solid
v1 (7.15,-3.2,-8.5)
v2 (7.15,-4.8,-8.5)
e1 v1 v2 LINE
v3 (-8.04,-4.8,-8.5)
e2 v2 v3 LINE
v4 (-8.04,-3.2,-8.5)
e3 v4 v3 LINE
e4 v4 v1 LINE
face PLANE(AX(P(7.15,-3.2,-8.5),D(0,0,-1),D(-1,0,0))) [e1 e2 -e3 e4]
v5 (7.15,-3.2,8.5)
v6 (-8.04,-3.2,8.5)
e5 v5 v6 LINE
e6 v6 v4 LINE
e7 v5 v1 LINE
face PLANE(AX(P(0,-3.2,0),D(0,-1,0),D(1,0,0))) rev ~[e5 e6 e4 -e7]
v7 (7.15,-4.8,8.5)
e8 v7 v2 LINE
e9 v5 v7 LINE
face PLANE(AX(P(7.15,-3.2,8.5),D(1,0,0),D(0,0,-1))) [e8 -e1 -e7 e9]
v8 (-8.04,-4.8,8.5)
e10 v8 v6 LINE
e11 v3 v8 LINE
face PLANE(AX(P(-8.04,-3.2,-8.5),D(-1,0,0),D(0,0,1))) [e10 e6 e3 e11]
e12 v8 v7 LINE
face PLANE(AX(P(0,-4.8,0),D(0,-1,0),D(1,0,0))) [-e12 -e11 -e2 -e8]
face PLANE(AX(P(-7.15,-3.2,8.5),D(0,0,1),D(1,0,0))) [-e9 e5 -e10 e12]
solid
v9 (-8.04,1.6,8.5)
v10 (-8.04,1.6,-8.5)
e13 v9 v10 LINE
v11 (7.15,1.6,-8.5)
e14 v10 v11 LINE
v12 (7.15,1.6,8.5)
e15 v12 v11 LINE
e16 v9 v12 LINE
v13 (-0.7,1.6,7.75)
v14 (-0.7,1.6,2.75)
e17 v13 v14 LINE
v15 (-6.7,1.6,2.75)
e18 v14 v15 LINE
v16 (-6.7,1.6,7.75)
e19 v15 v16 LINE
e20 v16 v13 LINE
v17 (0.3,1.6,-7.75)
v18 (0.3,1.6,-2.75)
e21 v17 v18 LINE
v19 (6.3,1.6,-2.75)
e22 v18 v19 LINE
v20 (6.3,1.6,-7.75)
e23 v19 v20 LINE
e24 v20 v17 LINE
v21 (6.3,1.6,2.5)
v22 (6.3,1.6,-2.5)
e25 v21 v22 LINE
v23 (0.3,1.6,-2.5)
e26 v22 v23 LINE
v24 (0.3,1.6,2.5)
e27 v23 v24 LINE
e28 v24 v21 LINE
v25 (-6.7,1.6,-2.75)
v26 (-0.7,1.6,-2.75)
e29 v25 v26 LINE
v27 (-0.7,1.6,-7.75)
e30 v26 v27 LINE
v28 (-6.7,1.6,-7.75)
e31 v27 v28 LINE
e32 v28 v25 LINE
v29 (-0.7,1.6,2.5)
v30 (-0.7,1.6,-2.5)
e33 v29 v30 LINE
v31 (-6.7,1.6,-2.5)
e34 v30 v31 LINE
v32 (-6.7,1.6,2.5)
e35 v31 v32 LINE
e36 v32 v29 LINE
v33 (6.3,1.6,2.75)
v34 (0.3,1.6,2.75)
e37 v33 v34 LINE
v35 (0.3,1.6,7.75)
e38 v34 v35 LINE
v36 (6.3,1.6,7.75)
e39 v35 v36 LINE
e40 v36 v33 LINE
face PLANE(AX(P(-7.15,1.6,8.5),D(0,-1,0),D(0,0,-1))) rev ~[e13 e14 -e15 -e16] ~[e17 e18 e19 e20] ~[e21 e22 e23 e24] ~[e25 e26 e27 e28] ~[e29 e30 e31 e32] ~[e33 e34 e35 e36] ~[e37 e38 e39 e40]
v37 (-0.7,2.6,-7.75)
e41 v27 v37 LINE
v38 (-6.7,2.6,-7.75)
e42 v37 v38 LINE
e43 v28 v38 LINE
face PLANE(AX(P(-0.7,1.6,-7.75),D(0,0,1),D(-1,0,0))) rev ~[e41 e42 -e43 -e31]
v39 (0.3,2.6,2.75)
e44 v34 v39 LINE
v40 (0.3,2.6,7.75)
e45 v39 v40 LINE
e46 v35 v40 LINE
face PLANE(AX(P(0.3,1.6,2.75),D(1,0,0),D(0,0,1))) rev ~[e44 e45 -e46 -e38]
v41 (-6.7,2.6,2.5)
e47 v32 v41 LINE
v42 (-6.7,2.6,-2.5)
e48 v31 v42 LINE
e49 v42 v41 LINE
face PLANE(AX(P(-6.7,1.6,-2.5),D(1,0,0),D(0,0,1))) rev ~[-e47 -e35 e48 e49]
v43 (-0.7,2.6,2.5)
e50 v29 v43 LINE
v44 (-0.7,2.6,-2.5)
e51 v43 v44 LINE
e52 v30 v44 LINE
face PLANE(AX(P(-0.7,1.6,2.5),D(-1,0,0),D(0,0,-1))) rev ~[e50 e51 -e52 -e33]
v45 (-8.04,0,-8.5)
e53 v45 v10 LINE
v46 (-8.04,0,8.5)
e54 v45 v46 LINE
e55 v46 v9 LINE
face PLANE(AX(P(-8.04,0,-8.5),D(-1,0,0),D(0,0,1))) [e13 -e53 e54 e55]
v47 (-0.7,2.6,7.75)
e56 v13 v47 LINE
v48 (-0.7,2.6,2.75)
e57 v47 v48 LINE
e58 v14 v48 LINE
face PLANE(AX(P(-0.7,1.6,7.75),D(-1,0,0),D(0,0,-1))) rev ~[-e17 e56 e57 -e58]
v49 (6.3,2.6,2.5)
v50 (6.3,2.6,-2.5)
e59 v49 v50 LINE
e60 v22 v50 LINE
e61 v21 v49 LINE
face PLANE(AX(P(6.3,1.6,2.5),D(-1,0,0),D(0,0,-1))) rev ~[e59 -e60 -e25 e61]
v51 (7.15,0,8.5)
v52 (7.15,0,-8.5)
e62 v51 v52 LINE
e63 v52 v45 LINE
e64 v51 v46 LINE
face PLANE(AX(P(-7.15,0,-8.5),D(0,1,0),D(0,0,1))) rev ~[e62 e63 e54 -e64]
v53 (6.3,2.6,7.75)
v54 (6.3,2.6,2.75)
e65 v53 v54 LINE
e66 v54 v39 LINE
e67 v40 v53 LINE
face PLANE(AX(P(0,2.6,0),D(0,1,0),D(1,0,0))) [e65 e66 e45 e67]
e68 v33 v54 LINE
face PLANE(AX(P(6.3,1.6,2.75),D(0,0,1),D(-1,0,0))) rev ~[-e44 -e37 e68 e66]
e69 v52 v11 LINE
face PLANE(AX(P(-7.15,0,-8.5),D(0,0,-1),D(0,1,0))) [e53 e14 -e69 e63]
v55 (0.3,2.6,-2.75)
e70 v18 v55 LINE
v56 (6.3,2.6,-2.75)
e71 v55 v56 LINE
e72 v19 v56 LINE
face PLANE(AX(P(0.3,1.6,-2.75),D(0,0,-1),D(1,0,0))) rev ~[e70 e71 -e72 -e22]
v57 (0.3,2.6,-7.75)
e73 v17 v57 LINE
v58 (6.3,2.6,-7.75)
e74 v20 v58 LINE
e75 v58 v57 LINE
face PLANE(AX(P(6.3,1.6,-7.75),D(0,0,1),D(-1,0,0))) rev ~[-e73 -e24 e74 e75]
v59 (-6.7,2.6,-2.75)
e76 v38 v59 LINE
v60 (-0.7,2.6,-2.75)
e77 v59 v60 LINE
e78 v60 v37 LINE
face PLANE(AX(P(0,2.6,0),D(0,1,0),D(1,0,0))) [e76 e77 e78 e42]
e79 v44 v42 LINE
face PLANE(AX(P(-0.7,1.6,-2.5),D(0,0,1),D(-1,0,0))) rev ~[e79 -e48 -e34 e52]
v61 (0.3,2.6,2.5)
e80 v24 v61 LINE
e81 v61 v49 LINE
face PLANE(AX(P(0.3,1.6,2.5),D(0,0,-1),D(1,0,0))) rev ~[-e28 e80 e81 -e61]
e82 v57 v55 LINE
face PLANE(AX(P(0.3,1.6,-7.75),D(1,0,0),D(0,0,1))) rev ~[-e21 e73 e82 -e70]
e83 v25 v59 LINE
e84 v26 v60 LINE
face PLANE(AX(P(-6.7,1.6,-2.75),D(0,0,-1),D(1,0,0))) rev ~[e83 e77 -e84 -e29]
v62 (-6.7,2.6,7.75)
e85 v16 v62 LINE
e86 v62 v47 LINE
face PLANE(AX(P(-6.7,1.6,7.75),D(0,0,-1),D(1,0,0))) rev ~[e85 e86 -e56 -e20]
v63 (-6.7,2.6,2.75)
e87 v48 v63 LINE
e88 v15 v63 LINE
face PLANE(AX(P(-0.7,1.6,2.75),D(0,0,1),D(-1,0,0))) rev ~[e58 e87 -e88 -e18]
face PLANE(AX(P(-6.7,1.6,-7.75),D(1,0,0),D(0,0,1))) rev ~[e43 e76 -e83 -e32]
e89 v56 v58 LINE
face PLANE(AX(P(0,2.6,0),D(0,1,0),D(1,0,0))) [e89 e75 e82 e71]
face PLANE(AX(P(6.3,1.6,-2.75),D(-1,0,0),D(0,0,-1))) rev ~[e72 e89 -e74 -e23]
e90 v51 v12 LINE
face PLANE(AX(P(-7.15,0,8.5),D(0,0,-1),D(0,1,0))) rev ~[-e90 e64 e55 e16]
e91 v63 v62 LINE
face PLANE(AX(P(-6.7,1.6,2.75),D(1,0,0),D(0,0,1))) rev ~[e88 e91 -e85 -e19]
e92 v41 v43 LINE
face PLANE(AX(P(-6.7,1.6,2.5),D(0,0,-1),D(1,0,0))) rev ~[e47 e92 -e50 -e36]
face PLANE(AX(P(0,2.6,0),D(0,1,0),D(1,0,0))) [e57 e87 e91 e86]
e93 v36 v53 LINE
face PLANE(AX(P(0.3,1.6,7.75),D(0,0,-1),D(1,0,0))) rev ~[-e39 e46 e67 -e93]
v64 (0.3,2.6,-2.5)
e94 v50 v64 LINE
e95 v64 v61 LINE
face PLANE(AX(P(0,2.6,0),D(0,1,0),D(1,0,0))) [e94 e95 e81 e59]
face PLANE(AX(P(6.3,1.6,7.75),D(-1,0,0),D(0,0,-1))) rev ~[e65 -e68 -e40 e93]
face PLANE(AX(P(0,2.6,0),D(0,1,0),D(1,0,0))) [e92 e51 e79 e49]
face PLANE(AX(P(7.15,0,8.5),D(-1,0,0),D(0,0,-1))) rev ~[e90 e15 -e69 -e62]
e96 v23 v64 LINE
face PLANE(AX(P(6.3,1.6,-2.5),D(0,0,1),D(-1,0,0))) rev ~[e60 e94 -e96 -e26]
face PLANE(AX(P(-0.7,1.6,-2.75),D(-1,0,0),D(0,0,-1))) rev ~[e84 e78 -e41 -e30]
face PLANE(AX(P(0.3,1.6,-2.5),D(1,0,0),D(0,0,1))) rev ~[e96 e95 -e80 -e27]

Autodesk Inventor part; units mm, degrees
ref_plane "YZ Plane" through (0, 0, 0) normal (1, 0, 0) x (0, 1, 0)
ref_plane "XZ Plane" through (0, 0, 0) normal (0, 1, 0) x (-1, 0, 0)
ref_plane "XY Plane" through (0, 0, 0) normal (0, 0, 1) x (1, 0, 0)
sketch "Sketch1" plane through (0, 0, 0) normal (0, 1, 0) x (-1, 0, 0)
  line L0 (7.15, 8.5) -> (-7.15, 8.5)
  line L1 (-7.15, 8.5) -> (-7.15, -8.5)
  line L2 (-7.15, -8.5) -> (7.15, -8.5)
  line L3 (7.15, -8.5) -> (7.15, 8.5)
  point P0 (0, 0)
  dimension "d0" = 17
  dimension "d1" = 14.3
  dimension "d2" = 8.5
  dimension "d3" = 7.15
extrude "Extrusion1" add sketch "Sketch1" along normal blind 1.6
sketch "Sketch2" plane through (0, 1.6, 0) normal (0, 1, 0) x (1, 0, 0)
  line L0 (-6.7, -7.75) -> (-0.7, -7.75)
  line L1 (-0.7, -7.75) -> (-0.7, -2.75)
  line L2 (-0.7, -2.75) -> (-6.7, -2.75)
  line L3 (-6.7, -2.75) -> (-6.7, -7.75)
  line L4 (-6.7, -2.5) -> (-0.7, -2.5)
  line L5 (-0.7, -2.5) -> (-0.7, 2.5)
  line L6 (-0.7, 2.5) -> (-6.7, 2.5)
  line L7 (-6.7, 2.5) -> (-6.7, -2.5)
  line L8 (-6.7, 2.75) -> (-0.7, 2.75)
  line L9 (-0.7, 2.75) -> (-0.7, 7.75)
  line L10 (-0.7, 7.75) -> (-6.7, 7.75)
  line L11 (-6.7, 7.75) -> (-6.7, 2.75)
  line L12 (-7.15, -8.5) -> (7.15, -8.5) projected
  line L13 (0.3, -7.75) -> (6.3, -7.75)
  line L14 (6.3, -7.75) -> (6.3, -2.75)
  line L15 (6.3, -2.75) -> (0.3, -2.75)
  line L16 (0.3, -2.75) -> (0.3, -7.75)
  line L17 (0.3, -2.5) -> (6.3, -2.5)
  line L18 (6.3, -2.5) -> (6.3, 2.5)
  line L19 (6.3, 2.5) -> (0.3, 2.5)
  line L20 (0.3, 2.5) -> (0.3, -2.5)
  line L21 (0.3, 2.75) -> (6.3, 2.75)
  line L22 (6.3, 2.75) -> (6.3, 7.75)
  line L23 (6.3, 7.75) -> (0.3, 7.75)
  line L24 (0.3, 7.75) -> (0.3, 2.75)
  line L25 (-7.15, 8.5) -> (-7.15, -8.5) projected
  point P0 (0, 0)
  dimension "d6" = 5
  dimension "d7" = 6
  dimension "d8" = 5
  dimension "d9" = 5
  dimension "d10" = 0.25
  dimension "d11" = 0.25
  dimension "d12" = 0.75
  dimension "d13" = 5
  dimension "d14" = 5
  dimension "d15" = 5
  dimension "d16" = 6
  dimension "d17" = 6
  dimension "d18" = 6
  dimension "d19" = 0.25
  dimension "d20" = 0.25
  dimension "d21" = 1
  dimension "d22" = 0.45
extrude "Extrusion2" add sketch "Sketch2" along normal blind 1
ref_plane "Work Plane1" through (0, -3.2, 0) normal (0, -1, 0) x (1, 0, 0)
sketch "Sketch3" plane through (0, -3.2, 0) normal (0, -1, 0) x (1, 0, 0)
  line L0 (7.15, 8.5) -> (7.15, -8.5) projected
  line L1 (-7.15, -8.5) -> (-7.15, 8.5) projected
  line L2 (7.15, -8.5) -> (-7.15, -8.5)
  line L3 (-7.15, -8.5) -> (-7.15, 8.5)
  line L4 (-7.15, 8.5) -> (7.15, 8.5)
  line L5 (7.15, 8.5) -> (7.15, -8.5)
  point P0 (0, 0)
extrude "Extrusion3" add sketch "Sketch3" along normal blind 1.6
ref_plane "Work Plane2" through (0, -6.3, 0) normal (0, -1, 0) x (1, 0, 0)
sketch "Sketch4" plane through (-7.15, 0, -8.5) normal (-1, 0, 0) x (0, 0, 1)
  line L0 (0, 0) -> (0, 1.6) projected
  line L1 (17, 0) -> (17, 1.6) projected
  line L2 (0, 0) -> (17, 0)
  line L3 (17, 0) -> (17, 1.6)
  line L4 (17, 1.6) -> (0, 1.6)
  line L5 (0, 1.6) -> (0, 0)
  point P0 (8.5, 0)
extrude "Extrusion4" add sketch "Sketch4" along normal blind 0.89
sketch "Sketch5" plane through (-7.15, -3.2, -8.5) normal (-1, 0, 0) x (0, 0, 1)
  line L0 (0, 0) -> (0, -1.6) projected
  line L1 (0, -1.6) -> (17, -1.6)
  line L2 (17, -1.6) -> (17, 0)
  line L3 (17, 0) -> (0, 0)
  line L4 (0, 0) -> (0, -1.6)
  point P0 (8.5, 3.2)
extrude "Extrusion5" add sketch "Sketch5" along normal blind 0.89
properties part number "UberV2"
